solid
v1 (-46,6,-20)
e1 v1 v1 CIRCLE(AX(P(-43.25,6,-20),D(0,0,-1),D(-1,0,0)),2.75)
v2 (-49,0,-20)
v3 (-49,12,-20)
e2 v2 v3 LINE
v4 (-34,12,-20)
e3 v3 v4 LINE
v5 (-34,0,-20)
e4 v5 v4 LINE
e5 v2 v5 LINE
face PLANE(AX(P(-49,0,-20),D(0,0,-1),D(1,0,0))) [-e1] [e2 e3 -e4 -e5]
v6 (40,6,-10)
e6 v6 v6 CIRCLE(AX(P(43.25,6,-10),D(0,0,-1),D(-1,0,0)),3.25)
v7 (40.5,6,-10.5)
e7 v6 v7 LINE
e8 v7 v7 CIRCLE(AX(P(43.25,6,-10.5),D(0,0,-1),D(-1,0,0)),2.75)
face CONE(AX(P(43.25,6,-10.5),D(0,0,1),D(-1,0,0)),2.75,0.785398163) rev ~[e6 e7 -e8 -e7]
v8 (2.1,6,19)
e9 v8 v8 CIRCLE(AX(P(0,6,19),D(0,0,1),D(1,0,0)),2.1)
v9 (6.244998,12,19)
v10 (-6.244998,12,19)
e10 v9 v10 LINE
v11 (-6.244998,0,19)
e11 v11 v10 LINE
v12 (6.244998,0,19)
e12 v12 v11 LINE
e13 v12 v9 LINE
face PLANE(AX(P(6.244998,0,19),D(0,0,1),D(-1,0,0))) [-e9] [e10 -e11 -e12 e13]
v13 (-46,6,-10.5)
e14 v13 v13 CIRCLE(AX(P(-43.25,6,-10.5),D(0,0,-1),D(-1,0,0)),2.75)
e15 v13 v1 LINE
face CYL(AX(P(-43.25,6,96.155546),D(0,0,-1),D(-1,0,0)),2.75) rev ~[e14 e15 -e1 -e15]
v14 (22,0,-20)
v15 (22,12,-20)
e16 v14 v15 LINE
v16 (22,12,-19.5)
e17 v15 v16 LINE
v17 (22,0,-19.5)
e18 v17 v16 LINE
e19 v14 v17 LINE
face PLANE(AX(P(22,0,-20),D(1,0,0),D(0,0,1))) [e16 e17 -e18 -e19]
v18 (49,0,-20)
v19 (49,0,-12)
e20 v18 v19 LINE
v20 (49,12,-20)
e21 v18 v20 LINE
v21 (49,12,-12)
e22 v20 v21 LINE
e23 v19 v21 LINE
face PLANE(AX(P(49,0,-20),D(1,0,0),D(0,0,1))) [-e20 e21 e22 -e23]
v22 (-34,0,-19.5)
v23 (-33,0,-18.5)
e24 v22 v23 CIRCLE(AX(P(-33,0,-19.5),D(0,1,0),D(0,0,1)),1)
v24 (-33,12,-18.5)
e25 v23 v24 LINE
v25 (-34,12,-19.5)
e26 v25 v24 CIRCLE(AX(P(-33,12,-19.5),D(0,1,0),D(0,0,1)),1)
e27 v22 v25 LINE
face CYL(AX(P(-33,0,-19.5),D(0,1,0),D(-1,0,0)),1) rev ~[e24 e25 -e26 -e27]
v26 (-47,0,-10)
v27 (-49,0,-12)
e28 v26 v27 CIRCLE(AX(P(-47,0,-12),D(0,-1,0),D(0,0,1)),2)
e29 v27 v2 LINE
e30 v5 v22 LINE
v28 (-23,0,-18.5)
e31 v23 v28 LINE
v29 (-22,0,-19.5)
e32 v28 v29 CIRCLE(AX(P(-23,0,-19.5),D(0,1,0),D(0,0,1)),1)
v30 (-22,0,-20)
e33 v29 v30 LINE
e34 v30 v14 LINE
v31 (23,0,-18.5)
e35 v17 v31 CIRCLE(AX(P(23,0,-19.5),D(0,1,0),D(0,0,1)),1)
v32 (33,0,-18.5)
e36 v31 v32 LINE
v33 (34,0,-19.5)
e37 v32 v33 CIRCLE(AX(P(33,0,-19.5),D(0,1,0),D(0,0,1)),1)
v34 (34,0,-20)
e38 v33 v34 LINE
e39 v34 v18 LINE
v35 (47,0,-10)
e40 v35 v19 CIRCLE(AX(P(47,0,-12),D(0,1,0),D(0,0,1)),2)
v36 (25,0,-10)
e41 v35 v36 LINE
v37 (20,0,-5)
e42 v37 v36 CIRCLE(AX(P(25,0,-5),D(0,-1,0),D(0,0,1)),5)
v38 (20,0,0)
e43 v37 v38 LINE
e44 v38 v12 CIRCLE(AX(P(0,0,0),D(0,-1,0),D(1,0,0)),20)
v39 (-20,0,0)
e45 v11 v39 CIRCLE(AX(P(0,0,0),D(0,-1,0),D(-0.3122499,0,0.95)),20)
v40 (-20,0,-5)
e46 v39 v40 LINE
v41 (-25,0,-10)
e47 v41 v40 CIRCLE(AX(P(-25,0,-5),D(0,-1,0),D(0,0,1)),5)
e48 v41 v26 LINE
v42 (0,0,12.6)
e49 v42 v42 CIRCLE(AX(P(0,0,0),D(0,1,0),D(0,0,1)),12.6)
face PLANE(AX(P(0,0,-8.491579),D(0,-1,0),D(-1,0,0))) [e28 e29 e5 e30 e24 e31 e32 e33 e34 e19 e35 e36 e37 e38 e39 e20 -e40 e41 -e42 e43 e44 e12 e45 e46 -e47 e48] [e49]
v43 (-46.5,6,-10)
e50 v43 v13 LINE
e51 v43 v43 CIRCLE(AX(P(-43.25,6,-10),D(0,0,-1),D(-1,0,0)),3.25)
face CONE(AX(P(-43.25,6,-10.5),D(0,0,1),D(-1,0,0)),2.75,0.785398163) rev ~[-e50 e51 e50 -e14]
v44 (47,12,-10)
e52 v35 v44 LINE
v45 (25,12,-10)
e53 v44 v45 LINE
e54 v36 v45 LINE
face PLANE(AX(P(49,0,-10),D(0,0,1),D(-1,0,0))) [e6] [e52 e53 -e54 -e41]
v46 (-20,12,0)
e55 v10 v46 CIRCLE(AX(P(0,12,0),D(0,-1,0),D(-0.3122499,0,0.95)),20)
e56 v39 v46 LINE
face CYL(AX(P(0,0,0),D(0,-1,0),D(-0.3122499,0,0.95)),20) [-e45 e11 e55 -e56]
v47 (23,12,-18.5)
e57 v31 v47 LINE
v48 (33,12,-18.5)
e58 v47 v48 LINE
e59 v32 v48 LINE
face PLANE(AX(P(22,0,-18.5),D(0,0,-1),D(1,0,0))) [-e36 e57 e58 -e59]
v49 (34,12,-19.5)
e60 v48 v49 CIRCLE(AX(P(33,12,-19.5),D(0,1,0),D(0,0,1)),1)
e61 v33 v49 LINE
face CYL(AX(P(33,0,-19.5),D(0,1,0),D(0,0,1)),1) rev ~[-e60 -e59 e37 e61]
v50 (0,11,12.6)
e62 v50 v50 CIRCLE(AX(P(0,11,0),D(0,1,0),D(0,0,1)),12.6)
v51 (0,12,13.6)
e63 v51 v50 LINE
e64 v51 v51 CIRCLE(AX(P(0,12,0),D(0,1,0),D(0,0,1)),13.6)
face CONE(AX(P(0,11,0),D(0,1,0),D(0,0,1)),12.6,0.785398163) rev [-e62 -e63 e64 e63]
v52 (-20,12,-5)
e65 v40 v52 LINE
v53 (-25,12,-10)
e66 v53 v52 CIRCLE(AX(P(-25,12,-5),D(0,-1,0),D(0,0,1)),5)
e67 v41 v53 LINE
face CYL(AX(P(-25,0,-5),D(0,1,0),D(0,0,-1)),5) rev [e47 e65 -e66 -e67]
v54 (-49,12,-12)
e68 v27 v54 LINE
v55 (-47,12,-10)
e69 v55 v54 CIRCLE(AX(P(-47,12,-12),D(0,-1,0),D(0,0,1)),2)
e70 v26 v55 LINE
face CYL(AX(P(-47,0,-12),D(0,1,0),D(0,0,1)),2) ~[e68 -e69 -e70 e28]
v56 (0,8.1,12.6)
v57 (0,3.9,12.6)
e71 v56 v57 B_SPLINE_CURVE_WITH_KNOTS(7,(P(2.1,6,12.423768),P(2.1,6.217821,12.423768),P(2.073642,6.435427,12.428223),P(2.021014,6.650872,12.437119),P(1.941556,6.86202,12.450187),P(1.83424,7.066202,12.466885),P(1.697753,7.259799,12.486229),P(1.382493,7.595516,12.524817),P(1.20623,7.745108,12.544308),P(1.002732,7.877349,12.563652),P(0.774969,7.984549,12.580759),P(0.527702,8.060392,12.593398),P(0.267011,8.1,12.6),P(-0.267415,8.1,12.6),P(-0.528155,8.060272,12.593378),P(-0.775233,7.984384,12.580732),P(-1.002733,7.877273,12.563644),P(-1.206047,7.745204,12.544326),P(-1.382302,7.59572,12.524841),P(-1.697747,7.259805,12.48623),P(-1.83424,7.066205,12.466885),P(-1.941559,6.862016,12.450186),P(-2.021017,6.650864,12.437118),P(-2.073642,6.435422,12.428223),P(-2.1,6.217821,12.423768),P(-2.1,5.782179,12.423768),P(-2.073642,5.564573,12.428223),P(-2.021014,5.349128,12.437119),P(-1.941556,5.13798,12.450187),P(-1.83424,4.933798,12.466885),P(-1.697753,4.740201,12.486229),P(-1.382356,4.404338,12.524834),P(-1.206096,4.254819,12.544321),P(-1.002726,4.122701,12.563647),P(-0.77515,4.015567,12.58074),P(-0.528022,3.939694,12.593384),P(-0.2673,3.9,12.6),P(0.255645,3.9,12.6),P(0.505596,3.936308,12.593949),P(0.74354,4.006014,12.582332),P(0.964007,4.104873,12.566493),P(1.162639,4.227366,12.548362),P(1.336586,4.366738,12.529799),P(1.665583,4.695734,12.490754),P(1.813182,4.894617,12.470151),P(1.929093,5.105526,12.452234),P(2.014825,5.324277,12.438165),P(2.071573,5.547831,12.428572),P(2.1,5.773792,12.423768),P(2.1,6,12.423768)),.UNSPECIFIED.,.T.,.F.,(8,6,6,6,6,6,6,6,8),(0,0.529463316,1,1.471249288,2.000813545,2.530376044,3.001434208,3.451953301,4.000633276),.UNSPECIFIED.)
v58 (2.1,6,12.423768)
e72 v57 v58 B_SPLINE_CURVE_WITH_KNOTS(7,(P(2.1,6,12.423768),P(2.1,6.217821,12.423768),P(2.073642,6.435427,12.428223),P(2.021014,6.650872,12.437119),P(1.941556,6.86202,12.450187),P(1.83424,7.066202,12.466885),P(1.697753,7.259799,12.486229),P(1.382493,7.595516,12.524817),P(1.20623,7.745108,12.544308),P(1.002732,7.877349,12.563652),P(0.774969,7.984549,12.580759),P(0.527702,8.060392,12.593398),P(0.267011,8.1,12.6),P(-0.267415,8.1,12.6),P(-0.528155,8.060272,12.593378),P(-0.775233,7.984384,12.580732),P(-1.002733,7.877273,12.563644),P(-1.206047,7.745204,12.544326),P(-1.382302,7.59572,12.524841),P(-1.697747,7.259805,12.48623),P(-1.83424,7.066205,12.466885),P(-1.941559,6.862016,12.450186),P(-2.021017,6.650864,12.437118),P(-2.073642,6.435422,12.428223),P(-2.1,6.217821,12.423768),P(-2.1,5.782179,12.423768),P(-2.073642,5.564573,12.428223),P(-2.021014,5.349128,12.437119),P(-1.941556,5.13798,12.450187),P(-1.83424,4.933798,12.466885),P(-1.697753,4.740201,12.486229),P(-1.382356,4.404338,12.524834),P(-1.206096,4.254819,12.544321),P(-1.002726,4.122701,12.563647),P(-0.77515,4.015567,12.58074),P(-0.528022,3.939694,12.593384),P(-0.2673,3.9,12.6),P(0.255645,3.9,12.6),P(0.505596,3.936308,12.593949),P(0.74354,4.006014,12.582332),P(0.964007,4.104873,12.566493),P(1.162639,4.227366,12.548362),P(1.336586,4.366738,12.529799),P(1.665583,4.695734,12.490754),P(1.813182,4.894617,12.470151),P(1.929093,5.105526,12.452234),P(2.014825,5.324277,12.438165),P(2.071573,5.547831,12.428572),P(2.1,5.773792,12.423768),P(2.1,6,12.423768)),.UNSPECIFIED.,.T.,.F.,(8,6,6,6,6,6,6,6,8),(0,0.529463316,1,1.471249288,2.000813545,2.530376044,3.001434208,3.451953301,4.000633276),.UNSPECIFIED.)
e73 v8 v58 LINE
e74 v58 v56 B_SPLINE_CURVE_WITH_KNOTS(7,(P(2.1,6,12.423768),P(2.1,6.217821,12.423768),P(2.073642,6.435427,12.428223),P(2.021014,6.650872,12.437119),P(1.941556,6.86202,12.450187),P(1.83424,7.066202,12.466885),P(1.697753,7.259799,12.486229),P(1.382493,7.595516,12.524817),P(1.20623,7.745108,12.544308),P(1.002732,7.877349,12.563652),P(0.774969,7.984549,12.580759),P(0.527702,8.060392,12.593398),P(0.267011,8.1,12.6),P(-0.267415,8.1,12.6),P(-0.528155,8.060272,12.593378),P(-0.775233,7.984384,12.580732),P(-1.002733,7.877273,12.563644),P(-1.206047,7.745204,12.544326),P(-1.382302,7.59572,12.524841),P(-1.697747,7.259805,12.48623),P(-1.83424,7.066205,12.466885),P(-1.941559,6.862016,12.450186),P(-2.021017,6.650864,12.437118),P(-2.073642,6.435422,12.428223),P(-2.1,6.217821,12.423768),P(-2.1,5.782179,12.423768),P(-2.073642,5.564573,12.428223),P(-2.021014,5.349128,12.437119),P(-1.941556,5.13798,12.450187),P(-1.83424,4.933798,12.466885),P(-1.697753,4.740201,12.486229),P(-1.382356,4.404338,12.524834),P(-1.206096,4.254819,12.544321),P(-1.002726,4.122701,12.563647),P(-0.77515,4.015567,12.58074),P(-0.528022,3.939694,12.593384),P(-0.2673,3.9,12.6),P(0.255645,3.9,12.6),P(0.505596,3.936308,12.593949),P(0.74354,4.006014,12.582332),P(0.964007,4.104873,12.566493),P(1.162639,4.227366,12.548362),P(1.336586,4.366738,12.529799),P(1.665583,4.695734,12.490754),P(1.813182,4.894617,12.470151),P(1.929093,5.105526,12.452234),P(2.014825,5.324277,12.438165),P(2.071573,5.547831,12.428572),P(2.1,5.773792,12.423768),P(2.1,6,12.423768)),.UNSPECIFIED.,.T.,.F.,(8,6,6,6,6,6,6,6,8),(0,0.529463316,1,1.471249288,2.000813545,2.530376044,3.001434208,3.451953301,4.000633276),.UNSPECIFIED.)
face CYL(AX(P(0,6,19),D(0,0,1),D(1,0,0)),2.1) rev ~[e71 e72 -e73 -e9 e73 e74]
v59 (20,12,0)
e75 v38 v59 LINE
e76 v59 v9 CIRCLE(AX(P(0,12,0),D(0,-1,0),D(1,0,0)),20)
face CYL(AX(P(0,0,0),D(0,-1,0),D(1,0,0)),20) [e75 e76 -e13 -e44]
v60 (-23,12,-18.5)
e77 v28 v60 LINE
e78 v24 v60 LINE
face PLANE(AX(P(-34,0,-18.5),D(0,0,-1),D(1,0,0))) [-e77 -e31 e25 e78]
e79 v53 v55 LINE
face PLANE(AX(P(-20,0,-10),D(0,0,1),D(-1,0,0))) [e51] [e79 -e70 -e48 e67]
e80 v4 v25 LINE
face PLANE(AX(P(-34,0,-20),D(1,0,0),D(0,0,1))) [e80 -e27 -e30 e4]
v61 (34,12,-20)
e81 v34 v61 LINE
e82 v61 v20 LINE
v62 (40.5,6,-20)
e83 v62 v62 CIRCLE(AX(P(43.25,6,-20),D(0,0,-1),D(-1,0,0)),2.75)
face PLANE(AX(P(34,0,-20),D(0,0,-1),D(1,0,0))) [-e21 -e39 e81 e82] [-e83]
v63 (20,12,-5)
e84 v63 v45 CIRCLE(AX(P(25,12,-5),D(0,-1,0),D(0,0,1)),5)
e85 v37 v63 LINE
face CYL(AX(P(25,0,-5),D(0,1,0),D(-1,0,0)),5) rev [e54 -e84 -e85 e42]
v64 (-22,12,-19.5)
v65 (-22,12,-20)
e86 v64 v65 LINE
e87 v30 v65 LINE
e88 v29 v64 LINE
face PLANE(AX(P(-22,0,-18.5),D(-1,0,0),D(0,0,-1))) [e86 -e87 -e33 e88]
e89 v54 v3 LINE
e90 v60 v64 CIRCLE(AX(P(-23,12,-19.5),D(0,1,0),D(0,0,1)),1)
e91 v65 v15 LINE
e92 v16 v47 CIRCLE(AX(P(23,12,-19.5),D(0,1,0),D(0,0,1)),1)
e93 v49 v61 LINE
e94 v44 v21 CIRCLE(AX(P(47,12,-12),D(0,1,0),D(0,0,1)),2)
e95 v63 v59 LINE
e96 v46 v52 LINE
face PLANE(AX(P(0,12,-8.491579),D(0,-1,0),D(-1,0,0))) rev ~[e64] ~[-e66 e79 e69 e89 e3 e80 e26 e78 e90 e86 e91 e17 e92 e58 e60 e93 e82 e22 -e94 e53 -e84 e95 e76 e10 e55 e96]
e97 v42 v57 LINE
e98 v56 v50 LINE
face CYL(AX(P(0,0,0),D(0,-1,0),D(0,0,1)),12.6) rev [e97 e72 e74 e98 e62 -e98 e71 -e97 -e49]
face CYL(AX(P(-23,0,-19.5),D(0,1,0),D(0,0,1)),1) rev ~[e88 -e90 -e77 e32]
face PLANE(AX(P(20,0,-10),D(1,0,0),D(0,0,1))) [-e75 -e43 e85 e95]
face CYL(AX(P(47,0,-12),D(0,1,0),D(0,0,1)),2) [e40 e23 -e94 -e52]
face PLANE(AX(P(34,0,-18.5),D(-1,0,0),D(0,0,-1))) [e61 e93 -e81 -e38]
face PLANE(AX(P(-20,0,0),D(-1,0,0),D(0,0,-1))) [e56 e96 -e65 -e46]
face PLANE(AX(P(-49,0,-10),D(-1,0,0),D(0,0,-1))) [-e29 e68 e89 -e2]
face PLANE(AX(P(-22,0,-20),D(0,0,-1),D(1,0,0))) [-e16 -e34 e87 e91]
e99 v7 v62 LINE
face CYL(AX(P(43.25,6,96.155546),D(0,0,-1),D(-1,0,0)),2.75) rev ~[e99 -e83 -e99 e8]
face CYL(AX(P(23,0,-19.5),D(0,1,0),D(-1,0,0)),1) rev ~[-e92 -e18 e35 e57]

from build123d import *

# Parameters (mm, degrees)
SKETCH1_R                  = 12.6
BOSS_EXTRUDE1_DEPTH        = 12
FILLET1_R                  = 5
FILLET2_R                  = 2
F_5_5_5_5_DIAMETER_HOLE1_D = 5.5
FILLET3_R                  = 1
M5_TAPPED_HOLE1_REACH      = 65.765
M5_TAPPED_HOLE1_BORE_R     = 2.1
CHAMFER1_SIZE              = 0.5
CHAMFER2_SIZE              = 1


with BuildPart() as part:
    # Sketch1 → Boss-Extrude1 (new body)
    with BuildSketch(Plane(origin=(0, 0, 0), x_dir=(1, 0, 0), z_dir=(0, 1, 0))):
        with BuildLine():
            Line((-49, 20), (-34, 20))
            Line((-34, 20), (-34, 18.5))
            Line((-34, 18.5), (-22, 18.5))
            Line((-22, 18.5), (-22, 20))
            Line((-22, 20), (22, 20))
            Line((22, 20), (22, 18.5))
            Line((22, 18.5), (34, 18.5))
            Line((34, 18.5), (34, 20))
            Line((34, 20), (49, 20))
            Line((49, 20), (49, 10))
            Line((49, 10), (20, 10))
            Line((20, 10), (20, 0))
            ThreePointArc((20, 0), (16.200308021, -11.728172066), (6.244997998, -19))
            Line((6.244997998, -19), (-6.244997998, -19))
            ThreePointArc((-6.244997998, -19), (-16.200308021, -11.728172066), (-20, 0))
            Line((-20, 0), (-20, 10))
            Line((-20, 10), (-49, 10))
            Line((-49, 10), (-49, 20))
        make_face()
        with Locations(Location((0, 0, 0), (0, 0, 270))):
            Circle(SKETCH1_R, mode=Mode.SUBTRACT)
    extrude(amount=BOSS_EXTRUDE1_DEPTH)

    # Fillet1
    fillet1_edges = [part.edges().sort_by_distance(p)[0] for p in [
        (20, 6, -10),
        (-20, 6, -10),
    ]]
    fillet(fillet1_edges, radius=FILLET1_R)

    # Fillet2
    fillet2_edges = [part.edges().sort_by_distance(p)[0] for p in [
        (49, 6, -10),
        (-49, 6, -10),
    ]]
    fillet(fillet2_edges, radius=FILLET2_R)

    # Ø5.5 (5.5) Diameter Hole1 (through all)
    with Locations(Plane.XY.offset(-10)):
        with Locations((-43.25, 6), (43.25, 6)):
            Hole(F_5_5_5_5_DIAMETER_HOLE1_D / 2)

    # Fillet3
    fillet3_edges = [part.edges().sort_by_distance(p)[0] for p in [
        (-34, 6, -18.5),
        (-22, 6, -18.5),
        (22, 6, -18.5),
        (34, 6, -18.5),
    ]]
    fillet(fillet3_edges, radius=FILLET3_R)

    # M5 Tapped Hole1 bore → M5 Tapped Hole1 (cut, up to next)
    with BuildSketch(Plane.XY.offset(19), mode=Mode.PRIVATE) as m5_tapped_hole1_sk1:
        with Locations((0, 6)):
            Circle(M5_TAPPED_HOLE1_BORE_R)
    m5_tapped_hole1_tool1 = extrude(m5_tapped_hole1_sk1.sketch, amount=-M5_TAPPED_HOLE1_REACH, mode=Mode.PRIVATE) & part.part
    add(m5_tapped_hole1_tool1.solids().sort_by_distance((0, 6, 19))[0], mode=Mode.SUBTRACT)

    # Chamfer1
    chamfer1_edges = [part.edges().sort_by_distance(p)[0] for p in [
        (46, 6, -10),
        (-40.5, 6, -10),
    ]]
    chamfer(chamfer1_edges, length=CHAMFER1_SIZE)

    # Chamfer2
    chamfer2_edges = [part.edges().sort_by_distance(p)[0] for p in [
        (0, 12, -12.6),
    ]]
    chamfer(chamfer2_edges, length=CHAMFER2_SIZE)


solid = part.part
